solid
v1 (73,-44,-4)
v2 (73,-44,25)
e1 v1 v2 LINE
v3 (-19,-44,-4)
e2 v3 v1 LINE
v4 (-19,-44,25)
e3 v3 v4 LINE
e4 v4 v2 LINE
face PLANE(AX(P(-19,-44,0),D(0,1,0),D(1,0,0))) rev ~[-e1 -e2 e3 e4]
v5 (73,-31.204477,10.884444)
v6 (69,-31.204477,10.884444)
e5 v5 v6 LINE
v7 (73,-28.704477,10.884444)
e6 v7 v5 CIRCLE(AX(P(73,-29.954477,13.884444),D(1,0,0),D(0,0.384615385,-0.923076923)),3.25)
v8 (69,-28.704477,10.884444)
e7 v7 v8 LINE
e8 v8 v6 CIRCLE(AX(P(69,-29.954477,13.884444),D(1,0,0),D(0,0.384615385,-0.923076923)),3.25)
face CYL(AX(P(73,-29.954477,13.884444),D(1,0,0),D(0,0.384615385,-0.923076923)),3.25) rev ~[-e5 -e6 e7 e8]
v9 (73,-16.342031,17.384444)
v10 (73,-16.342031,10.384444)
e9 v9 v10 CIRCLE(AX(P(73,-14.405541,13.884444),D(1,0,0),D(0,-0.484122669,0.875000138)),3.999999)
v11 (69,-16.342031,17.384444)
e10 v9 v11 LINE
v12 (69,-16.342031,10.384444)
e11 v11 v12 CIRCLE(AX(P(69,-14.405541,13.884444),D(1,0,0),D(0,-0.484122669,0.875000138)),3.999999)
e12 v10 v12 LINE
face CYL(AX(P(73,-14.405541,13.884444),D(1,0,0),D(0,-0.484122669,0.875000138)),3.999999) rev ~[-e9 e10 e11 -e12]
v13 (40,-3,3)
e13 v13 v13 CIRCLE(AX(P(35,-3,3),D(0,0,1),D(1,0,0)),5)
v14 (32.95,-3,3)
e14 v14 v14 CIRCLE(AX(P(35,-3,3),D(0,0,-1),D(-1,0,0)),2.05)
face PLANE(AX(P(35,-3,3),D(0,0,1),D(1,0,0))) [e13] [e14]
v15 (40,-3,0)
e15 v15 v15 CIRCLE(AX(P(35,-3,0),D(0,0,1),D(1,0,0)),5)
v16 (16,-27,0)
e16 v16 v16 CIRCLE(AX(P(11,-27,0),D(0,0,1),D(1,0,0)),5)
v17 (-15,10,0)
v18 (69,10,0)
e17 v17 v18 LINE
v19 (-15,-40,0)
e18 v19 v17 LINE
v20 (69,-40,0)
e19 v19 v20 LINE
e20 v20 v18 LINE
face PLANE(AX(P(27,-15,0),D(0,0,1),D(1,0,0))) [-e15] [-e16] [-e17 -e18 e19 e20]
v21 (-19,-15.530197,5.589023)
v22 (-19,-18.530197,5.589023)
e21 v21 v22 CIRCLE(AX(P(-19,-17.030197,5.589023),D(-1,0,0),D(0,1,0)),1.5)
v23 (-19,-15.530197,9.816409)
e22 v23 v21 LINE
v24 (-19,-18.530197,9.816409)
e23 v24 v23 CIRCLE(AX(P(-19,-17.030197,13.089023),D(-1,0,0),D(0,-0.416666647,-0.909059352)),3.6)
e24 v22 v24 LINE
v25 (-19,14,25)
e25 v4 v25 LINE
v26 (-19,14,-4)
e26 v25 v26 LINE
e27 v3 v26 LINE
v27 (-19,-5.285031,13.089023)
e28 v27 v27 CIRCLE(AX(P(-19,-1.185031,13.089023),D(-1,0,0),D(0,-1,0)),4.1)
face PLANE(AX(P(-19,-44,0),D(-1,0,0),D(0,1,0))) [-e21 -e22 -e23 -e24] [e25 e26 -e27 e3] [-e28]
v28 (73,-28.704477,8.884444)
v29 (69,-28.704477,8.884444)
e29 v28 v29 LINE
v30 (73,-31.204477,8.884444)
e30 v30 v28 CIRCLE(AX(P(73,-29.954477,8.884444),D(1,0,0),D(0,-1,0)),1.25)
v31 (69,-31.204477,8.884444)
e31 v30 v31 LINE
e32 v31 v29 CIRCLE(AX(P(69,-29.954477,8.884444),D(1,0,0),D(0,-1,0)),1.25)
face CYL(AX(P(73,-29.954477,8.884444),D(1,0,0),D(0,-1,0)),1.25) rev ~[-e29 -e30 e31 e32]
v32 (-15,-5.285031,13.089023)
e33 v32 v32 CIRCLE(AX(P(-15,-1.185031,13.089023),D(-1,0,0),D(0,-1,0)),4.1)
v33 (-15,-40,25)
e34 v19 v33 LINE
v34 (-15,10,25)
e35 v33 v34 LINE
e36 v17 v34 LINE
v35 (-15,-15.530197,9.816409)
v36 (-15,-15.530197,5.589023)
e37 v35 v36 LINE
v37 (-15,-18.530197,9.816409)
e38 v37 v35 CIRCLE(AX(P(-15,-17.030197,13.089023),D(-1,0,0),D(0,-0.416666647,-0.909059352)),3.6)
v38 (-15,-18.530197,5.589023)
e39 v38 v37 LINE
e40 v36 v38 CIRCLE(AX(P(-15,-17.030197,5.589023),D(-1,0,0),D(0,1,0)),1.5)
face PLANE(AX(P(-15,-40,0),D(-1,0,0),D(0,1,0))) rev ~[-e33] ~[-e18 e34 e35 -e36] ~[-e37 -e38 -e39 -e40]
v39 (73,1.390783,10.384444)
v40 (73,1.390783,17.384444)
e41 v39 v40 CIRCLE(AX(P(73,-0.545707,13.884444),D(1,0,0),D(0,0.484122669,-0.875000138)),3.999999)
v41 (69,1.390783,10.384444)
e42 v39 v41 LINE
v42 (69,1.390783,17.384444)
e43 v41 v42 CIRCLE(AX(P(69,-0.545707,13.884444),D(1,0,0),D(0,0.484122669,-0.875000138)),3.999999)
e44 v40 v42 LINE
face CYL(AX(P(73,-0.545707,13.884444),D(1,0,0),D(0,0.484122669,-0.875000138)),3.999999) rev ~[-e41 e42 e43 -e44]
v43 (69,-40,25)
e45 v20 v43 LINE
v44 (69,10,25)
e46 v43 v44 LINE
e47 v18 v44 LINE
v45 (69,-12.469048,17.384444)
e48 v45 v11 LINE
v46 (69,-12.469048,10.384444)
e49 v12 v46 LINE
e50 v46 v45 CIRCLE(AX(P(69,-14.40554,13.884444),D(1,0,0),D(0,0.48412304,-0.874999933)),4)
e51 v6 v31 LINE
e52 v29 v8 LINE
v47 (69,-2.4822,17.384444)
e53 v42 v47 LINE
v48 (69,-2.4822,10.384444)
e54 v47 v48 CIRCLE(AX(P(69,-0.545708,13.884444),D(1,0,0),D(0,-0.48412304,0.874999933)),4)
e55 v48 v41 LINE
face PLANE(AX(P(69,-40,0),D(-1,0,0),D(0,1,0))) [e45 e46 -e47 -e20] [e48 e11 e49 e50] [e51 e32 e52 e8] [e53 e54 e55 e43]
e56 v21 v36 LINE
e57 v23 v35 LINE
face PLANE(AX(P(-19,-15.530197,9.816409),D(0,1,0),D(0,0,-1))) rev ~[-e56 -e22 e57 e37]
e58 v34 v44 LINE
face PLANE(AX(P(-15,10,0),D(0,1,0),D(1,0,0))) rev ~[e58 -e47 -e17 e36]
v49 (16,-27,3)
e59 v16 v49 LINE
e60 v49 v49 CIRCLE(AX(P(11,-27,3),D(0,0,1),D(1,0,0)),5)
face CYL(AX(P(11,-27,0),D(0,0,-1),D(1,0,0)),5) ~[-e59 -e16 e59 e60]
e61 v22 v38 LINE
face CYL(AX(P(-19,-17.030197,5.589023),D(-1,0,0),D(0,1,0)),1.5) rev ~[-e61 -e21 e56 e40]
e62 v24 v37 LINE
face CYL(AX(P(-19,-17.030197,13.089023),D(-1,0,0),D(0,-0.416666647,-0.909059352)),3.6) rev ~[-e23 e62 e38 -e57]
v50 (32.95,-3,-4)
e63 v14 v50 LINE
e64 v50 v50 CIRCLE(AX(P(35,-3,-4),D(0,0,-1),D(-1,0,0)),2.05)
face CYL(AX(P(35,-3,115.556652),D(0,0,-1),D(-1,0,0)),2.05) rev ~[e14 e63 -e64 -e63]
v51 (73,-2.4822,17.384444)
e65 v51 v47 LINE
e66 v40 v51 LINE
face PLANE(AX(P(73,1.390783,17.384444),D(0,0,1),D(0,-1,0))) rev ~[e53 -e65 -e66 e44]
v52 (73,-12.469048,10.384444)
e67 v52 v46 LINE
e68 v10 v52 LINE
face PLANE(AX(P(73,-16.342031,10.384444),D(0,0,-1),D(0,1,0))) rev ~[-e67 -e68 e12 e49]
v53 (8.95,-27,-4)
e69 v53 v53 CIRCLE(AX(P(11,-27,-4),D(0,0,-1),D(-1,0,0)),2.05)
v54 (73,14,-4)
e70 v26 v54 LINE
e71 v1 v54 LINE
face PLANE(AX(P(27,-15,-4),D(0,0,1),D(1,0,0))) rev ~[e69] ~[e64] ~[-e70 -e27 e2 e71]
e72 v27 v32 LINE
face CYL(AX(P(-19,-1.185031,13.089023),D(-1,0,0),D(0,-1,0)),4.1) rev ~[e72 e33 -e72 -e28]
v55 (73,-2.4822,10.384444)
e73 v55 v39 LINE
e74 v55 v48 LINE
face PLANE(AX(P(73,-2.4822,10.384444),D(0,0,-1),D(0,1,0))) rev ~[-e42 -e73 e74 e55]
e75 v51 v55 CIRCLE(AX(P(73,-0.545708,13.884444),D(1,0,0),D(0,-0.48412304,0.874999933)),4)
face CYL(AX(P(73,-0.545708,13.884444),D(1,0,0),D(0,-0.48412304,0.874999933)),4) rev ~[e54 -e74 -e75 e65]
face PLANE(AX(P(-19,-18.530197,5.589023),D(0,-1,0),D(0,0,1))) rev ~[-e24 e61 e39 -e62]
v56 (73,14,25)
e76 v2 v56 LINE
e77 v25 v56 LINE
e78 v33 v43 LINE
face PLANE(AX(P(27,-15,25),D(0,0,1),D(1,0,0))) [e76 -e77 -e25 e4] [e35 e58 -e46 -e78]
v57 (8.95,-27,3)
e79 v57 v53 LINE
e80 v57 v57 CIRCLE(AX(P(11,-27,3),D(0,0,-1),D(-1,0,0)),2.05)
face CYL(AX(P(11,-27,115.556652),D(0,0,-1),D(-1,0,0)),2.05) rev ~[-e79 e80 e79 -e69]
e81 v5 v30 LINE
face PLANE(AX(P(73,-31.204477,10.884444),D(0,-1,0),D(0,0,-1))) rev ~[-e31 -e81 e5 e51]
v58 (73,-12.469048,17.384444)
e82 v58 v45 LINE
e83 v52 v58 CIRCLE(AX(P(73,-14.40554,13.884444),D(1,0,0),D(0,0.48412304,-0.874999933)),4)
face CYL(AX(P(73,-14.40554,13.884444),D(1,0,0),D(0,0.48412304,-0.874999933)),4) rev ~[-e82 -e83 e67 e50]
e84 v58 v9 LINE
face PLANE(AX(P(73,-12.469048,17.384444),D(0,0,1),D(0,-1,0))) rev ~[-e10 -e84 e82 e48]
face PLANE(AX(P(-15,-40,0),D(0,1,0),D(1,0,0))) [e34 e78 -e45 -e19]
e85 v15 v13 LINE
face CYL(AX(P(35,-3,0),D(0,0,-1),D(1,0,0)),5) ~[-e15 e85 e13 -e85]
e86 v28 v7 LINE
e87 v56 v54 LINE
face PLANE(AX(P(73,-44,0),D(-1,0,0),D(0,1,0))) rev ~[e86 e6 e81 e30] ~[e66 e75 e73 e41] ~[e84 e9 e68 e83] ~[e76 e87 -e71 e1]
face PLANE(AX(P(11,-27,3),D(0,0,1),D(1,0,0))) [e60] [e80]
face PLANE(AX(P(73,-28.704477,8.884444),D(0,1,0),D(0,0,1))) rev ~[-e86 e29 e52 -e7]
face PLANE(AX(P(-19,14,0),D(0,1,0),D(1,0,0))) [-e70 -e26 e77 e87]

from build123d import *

# Parameters (mm, degrees)
F0_W     = 92
F0_H     = 58
F0_W_2   = 84
F0_H_2   = 50
F0_R     = 5
F1_DEPTH = 4
F2_DEPTH = 25
F3_DEPTH = 3
F5_DEPTH = 4
F6_R     = 4.1
F7_DEPTH = 4
F9_D     = 4.1


with BuildPart() as f1:
    # F0 (on Top) → F1 (new body)
    with BuildSketch(Plane.XY):
        with Locations((27, -15)):
            Rectangle(F0_W, F0_H)
        with Locations((27, -15)):
            Rectangle(F0_W_2, F0_H_2, mode=Mode.SUBTRACT)
        with Locations((27, -15)):
            Rectangle(F0_W_2, F0_H_2)
        with Locations((11, -27)):
            Circle(F0_R, mode=Mode.SUBTRACT)
        with Locations((35, -3)):
            Circle(F0_R, mode=Mode.SUBTRACT)
        with Locations((11, -27)):
            Circle(F0_R)
        with Locations((35, -3)):
            Circle(F0_R)
    extrude(amount=-F1_DEPTH)

    # F0 (on Top) → F2 (join)
    with BuildSketch(Plane.XY):
        with Locations((27, -15)):
            Rectangle(F0_W, F0_H)
        with Locations((27, -15)):
            Rectangle(F0_W_2, F0_H_2, mode=Mode.SUBTRACT)
    extrude(amount=F2_DEPTH)

    # F0 (on Top) → F3 (join)
    with BuildSketch(Plane.XY):
        with Locations((35, -3)):
            Circle(F0_R)
        with Locations((11, -27)):
            Circle(F0_R)
    extrude(amount=F3_DEPTH)

    # F4 (on face) → F5 (cut, through all)
    with BuildSketch(Plane.YZ.offset(73)):
        with BuildLine():
            Line((-28.704477, 8.884444), (-28.704477, 10.884444))
            ThreePointArc((-28.704477, 10.884444), (-29.954477, 17.134444), (-31.204477, 10.884444))
            Line((-31.204477, 10.884444), (-31.204477, 8.884444))
            ThreePointArc((-31.204477, 8.884444), (-29.954477, 7.634444), (-28.704477, 8.884444))
        make_face()
        with BuildLine():
            Line((-12.469048, 17.384444), (-16.342031, 17.384444))
            ThreePointArc((-16.342031, 17.384444), (-18.40554, 13.884444), (-16.342031, 10.384444))
            Line((-16.342031, 10.384444), (-12.469048, 10.384444))
            ThreePointArc((-12.469048, 10.384444), (-10.40554, 13.884444), (-12.469048, 17.384444))
        make_face()
        with BuildLine():
            Line((-2.4822, 10.384444), (1.390783, 10.384444))
            ThreePointArc((1.390783, 10.384444), (3.454292, 13.884444), (1.390783, 17.384444))
            Line((1.390783, 17.384444), (-2.4822, 17.384444))
            ThreePointArc((-2.4822, 17.384444), (-4.545708, 13.884444), (-2.4822, 10.384444))
        make_face()
    extrude(amount=-F5_DEPTH, mode=Mode.SUBTRACT)

    # F6 (on face) → F7 (cut, through all)
    with BuildSketch(Plane(origin=(-19, 0, 0), x_dir=(0, -1, 0), z_dir=(-1, 0, 0))):
        with Locations((1.185031, 13.089023)):
            Circle(F6_R)
        with BuildLine():
            Line((18.530197, 5.589023), (18.530197, 9.816409))
            ThreePointArc((18.530197, 9.816409), (17.030197, 16.689023), (15.530197, 9.816409))
            Line((15.530197, 9.816409), (15.530197, 5.589023))
            ThreePointArc((15.530197, 5.589023), (17.030197, 4.089023), (18.530197, 5.589023))
        make_face()
    extrude(amount=-F7_DEPTH, mode=Mode.SUBTRACT)

    # F9 (through all)
    with Locations(Plane.XY.offset(3)):
        with Locations((35, -3), (11, -27)):
            Hole(F9_D / 2)


solid = f1.part
